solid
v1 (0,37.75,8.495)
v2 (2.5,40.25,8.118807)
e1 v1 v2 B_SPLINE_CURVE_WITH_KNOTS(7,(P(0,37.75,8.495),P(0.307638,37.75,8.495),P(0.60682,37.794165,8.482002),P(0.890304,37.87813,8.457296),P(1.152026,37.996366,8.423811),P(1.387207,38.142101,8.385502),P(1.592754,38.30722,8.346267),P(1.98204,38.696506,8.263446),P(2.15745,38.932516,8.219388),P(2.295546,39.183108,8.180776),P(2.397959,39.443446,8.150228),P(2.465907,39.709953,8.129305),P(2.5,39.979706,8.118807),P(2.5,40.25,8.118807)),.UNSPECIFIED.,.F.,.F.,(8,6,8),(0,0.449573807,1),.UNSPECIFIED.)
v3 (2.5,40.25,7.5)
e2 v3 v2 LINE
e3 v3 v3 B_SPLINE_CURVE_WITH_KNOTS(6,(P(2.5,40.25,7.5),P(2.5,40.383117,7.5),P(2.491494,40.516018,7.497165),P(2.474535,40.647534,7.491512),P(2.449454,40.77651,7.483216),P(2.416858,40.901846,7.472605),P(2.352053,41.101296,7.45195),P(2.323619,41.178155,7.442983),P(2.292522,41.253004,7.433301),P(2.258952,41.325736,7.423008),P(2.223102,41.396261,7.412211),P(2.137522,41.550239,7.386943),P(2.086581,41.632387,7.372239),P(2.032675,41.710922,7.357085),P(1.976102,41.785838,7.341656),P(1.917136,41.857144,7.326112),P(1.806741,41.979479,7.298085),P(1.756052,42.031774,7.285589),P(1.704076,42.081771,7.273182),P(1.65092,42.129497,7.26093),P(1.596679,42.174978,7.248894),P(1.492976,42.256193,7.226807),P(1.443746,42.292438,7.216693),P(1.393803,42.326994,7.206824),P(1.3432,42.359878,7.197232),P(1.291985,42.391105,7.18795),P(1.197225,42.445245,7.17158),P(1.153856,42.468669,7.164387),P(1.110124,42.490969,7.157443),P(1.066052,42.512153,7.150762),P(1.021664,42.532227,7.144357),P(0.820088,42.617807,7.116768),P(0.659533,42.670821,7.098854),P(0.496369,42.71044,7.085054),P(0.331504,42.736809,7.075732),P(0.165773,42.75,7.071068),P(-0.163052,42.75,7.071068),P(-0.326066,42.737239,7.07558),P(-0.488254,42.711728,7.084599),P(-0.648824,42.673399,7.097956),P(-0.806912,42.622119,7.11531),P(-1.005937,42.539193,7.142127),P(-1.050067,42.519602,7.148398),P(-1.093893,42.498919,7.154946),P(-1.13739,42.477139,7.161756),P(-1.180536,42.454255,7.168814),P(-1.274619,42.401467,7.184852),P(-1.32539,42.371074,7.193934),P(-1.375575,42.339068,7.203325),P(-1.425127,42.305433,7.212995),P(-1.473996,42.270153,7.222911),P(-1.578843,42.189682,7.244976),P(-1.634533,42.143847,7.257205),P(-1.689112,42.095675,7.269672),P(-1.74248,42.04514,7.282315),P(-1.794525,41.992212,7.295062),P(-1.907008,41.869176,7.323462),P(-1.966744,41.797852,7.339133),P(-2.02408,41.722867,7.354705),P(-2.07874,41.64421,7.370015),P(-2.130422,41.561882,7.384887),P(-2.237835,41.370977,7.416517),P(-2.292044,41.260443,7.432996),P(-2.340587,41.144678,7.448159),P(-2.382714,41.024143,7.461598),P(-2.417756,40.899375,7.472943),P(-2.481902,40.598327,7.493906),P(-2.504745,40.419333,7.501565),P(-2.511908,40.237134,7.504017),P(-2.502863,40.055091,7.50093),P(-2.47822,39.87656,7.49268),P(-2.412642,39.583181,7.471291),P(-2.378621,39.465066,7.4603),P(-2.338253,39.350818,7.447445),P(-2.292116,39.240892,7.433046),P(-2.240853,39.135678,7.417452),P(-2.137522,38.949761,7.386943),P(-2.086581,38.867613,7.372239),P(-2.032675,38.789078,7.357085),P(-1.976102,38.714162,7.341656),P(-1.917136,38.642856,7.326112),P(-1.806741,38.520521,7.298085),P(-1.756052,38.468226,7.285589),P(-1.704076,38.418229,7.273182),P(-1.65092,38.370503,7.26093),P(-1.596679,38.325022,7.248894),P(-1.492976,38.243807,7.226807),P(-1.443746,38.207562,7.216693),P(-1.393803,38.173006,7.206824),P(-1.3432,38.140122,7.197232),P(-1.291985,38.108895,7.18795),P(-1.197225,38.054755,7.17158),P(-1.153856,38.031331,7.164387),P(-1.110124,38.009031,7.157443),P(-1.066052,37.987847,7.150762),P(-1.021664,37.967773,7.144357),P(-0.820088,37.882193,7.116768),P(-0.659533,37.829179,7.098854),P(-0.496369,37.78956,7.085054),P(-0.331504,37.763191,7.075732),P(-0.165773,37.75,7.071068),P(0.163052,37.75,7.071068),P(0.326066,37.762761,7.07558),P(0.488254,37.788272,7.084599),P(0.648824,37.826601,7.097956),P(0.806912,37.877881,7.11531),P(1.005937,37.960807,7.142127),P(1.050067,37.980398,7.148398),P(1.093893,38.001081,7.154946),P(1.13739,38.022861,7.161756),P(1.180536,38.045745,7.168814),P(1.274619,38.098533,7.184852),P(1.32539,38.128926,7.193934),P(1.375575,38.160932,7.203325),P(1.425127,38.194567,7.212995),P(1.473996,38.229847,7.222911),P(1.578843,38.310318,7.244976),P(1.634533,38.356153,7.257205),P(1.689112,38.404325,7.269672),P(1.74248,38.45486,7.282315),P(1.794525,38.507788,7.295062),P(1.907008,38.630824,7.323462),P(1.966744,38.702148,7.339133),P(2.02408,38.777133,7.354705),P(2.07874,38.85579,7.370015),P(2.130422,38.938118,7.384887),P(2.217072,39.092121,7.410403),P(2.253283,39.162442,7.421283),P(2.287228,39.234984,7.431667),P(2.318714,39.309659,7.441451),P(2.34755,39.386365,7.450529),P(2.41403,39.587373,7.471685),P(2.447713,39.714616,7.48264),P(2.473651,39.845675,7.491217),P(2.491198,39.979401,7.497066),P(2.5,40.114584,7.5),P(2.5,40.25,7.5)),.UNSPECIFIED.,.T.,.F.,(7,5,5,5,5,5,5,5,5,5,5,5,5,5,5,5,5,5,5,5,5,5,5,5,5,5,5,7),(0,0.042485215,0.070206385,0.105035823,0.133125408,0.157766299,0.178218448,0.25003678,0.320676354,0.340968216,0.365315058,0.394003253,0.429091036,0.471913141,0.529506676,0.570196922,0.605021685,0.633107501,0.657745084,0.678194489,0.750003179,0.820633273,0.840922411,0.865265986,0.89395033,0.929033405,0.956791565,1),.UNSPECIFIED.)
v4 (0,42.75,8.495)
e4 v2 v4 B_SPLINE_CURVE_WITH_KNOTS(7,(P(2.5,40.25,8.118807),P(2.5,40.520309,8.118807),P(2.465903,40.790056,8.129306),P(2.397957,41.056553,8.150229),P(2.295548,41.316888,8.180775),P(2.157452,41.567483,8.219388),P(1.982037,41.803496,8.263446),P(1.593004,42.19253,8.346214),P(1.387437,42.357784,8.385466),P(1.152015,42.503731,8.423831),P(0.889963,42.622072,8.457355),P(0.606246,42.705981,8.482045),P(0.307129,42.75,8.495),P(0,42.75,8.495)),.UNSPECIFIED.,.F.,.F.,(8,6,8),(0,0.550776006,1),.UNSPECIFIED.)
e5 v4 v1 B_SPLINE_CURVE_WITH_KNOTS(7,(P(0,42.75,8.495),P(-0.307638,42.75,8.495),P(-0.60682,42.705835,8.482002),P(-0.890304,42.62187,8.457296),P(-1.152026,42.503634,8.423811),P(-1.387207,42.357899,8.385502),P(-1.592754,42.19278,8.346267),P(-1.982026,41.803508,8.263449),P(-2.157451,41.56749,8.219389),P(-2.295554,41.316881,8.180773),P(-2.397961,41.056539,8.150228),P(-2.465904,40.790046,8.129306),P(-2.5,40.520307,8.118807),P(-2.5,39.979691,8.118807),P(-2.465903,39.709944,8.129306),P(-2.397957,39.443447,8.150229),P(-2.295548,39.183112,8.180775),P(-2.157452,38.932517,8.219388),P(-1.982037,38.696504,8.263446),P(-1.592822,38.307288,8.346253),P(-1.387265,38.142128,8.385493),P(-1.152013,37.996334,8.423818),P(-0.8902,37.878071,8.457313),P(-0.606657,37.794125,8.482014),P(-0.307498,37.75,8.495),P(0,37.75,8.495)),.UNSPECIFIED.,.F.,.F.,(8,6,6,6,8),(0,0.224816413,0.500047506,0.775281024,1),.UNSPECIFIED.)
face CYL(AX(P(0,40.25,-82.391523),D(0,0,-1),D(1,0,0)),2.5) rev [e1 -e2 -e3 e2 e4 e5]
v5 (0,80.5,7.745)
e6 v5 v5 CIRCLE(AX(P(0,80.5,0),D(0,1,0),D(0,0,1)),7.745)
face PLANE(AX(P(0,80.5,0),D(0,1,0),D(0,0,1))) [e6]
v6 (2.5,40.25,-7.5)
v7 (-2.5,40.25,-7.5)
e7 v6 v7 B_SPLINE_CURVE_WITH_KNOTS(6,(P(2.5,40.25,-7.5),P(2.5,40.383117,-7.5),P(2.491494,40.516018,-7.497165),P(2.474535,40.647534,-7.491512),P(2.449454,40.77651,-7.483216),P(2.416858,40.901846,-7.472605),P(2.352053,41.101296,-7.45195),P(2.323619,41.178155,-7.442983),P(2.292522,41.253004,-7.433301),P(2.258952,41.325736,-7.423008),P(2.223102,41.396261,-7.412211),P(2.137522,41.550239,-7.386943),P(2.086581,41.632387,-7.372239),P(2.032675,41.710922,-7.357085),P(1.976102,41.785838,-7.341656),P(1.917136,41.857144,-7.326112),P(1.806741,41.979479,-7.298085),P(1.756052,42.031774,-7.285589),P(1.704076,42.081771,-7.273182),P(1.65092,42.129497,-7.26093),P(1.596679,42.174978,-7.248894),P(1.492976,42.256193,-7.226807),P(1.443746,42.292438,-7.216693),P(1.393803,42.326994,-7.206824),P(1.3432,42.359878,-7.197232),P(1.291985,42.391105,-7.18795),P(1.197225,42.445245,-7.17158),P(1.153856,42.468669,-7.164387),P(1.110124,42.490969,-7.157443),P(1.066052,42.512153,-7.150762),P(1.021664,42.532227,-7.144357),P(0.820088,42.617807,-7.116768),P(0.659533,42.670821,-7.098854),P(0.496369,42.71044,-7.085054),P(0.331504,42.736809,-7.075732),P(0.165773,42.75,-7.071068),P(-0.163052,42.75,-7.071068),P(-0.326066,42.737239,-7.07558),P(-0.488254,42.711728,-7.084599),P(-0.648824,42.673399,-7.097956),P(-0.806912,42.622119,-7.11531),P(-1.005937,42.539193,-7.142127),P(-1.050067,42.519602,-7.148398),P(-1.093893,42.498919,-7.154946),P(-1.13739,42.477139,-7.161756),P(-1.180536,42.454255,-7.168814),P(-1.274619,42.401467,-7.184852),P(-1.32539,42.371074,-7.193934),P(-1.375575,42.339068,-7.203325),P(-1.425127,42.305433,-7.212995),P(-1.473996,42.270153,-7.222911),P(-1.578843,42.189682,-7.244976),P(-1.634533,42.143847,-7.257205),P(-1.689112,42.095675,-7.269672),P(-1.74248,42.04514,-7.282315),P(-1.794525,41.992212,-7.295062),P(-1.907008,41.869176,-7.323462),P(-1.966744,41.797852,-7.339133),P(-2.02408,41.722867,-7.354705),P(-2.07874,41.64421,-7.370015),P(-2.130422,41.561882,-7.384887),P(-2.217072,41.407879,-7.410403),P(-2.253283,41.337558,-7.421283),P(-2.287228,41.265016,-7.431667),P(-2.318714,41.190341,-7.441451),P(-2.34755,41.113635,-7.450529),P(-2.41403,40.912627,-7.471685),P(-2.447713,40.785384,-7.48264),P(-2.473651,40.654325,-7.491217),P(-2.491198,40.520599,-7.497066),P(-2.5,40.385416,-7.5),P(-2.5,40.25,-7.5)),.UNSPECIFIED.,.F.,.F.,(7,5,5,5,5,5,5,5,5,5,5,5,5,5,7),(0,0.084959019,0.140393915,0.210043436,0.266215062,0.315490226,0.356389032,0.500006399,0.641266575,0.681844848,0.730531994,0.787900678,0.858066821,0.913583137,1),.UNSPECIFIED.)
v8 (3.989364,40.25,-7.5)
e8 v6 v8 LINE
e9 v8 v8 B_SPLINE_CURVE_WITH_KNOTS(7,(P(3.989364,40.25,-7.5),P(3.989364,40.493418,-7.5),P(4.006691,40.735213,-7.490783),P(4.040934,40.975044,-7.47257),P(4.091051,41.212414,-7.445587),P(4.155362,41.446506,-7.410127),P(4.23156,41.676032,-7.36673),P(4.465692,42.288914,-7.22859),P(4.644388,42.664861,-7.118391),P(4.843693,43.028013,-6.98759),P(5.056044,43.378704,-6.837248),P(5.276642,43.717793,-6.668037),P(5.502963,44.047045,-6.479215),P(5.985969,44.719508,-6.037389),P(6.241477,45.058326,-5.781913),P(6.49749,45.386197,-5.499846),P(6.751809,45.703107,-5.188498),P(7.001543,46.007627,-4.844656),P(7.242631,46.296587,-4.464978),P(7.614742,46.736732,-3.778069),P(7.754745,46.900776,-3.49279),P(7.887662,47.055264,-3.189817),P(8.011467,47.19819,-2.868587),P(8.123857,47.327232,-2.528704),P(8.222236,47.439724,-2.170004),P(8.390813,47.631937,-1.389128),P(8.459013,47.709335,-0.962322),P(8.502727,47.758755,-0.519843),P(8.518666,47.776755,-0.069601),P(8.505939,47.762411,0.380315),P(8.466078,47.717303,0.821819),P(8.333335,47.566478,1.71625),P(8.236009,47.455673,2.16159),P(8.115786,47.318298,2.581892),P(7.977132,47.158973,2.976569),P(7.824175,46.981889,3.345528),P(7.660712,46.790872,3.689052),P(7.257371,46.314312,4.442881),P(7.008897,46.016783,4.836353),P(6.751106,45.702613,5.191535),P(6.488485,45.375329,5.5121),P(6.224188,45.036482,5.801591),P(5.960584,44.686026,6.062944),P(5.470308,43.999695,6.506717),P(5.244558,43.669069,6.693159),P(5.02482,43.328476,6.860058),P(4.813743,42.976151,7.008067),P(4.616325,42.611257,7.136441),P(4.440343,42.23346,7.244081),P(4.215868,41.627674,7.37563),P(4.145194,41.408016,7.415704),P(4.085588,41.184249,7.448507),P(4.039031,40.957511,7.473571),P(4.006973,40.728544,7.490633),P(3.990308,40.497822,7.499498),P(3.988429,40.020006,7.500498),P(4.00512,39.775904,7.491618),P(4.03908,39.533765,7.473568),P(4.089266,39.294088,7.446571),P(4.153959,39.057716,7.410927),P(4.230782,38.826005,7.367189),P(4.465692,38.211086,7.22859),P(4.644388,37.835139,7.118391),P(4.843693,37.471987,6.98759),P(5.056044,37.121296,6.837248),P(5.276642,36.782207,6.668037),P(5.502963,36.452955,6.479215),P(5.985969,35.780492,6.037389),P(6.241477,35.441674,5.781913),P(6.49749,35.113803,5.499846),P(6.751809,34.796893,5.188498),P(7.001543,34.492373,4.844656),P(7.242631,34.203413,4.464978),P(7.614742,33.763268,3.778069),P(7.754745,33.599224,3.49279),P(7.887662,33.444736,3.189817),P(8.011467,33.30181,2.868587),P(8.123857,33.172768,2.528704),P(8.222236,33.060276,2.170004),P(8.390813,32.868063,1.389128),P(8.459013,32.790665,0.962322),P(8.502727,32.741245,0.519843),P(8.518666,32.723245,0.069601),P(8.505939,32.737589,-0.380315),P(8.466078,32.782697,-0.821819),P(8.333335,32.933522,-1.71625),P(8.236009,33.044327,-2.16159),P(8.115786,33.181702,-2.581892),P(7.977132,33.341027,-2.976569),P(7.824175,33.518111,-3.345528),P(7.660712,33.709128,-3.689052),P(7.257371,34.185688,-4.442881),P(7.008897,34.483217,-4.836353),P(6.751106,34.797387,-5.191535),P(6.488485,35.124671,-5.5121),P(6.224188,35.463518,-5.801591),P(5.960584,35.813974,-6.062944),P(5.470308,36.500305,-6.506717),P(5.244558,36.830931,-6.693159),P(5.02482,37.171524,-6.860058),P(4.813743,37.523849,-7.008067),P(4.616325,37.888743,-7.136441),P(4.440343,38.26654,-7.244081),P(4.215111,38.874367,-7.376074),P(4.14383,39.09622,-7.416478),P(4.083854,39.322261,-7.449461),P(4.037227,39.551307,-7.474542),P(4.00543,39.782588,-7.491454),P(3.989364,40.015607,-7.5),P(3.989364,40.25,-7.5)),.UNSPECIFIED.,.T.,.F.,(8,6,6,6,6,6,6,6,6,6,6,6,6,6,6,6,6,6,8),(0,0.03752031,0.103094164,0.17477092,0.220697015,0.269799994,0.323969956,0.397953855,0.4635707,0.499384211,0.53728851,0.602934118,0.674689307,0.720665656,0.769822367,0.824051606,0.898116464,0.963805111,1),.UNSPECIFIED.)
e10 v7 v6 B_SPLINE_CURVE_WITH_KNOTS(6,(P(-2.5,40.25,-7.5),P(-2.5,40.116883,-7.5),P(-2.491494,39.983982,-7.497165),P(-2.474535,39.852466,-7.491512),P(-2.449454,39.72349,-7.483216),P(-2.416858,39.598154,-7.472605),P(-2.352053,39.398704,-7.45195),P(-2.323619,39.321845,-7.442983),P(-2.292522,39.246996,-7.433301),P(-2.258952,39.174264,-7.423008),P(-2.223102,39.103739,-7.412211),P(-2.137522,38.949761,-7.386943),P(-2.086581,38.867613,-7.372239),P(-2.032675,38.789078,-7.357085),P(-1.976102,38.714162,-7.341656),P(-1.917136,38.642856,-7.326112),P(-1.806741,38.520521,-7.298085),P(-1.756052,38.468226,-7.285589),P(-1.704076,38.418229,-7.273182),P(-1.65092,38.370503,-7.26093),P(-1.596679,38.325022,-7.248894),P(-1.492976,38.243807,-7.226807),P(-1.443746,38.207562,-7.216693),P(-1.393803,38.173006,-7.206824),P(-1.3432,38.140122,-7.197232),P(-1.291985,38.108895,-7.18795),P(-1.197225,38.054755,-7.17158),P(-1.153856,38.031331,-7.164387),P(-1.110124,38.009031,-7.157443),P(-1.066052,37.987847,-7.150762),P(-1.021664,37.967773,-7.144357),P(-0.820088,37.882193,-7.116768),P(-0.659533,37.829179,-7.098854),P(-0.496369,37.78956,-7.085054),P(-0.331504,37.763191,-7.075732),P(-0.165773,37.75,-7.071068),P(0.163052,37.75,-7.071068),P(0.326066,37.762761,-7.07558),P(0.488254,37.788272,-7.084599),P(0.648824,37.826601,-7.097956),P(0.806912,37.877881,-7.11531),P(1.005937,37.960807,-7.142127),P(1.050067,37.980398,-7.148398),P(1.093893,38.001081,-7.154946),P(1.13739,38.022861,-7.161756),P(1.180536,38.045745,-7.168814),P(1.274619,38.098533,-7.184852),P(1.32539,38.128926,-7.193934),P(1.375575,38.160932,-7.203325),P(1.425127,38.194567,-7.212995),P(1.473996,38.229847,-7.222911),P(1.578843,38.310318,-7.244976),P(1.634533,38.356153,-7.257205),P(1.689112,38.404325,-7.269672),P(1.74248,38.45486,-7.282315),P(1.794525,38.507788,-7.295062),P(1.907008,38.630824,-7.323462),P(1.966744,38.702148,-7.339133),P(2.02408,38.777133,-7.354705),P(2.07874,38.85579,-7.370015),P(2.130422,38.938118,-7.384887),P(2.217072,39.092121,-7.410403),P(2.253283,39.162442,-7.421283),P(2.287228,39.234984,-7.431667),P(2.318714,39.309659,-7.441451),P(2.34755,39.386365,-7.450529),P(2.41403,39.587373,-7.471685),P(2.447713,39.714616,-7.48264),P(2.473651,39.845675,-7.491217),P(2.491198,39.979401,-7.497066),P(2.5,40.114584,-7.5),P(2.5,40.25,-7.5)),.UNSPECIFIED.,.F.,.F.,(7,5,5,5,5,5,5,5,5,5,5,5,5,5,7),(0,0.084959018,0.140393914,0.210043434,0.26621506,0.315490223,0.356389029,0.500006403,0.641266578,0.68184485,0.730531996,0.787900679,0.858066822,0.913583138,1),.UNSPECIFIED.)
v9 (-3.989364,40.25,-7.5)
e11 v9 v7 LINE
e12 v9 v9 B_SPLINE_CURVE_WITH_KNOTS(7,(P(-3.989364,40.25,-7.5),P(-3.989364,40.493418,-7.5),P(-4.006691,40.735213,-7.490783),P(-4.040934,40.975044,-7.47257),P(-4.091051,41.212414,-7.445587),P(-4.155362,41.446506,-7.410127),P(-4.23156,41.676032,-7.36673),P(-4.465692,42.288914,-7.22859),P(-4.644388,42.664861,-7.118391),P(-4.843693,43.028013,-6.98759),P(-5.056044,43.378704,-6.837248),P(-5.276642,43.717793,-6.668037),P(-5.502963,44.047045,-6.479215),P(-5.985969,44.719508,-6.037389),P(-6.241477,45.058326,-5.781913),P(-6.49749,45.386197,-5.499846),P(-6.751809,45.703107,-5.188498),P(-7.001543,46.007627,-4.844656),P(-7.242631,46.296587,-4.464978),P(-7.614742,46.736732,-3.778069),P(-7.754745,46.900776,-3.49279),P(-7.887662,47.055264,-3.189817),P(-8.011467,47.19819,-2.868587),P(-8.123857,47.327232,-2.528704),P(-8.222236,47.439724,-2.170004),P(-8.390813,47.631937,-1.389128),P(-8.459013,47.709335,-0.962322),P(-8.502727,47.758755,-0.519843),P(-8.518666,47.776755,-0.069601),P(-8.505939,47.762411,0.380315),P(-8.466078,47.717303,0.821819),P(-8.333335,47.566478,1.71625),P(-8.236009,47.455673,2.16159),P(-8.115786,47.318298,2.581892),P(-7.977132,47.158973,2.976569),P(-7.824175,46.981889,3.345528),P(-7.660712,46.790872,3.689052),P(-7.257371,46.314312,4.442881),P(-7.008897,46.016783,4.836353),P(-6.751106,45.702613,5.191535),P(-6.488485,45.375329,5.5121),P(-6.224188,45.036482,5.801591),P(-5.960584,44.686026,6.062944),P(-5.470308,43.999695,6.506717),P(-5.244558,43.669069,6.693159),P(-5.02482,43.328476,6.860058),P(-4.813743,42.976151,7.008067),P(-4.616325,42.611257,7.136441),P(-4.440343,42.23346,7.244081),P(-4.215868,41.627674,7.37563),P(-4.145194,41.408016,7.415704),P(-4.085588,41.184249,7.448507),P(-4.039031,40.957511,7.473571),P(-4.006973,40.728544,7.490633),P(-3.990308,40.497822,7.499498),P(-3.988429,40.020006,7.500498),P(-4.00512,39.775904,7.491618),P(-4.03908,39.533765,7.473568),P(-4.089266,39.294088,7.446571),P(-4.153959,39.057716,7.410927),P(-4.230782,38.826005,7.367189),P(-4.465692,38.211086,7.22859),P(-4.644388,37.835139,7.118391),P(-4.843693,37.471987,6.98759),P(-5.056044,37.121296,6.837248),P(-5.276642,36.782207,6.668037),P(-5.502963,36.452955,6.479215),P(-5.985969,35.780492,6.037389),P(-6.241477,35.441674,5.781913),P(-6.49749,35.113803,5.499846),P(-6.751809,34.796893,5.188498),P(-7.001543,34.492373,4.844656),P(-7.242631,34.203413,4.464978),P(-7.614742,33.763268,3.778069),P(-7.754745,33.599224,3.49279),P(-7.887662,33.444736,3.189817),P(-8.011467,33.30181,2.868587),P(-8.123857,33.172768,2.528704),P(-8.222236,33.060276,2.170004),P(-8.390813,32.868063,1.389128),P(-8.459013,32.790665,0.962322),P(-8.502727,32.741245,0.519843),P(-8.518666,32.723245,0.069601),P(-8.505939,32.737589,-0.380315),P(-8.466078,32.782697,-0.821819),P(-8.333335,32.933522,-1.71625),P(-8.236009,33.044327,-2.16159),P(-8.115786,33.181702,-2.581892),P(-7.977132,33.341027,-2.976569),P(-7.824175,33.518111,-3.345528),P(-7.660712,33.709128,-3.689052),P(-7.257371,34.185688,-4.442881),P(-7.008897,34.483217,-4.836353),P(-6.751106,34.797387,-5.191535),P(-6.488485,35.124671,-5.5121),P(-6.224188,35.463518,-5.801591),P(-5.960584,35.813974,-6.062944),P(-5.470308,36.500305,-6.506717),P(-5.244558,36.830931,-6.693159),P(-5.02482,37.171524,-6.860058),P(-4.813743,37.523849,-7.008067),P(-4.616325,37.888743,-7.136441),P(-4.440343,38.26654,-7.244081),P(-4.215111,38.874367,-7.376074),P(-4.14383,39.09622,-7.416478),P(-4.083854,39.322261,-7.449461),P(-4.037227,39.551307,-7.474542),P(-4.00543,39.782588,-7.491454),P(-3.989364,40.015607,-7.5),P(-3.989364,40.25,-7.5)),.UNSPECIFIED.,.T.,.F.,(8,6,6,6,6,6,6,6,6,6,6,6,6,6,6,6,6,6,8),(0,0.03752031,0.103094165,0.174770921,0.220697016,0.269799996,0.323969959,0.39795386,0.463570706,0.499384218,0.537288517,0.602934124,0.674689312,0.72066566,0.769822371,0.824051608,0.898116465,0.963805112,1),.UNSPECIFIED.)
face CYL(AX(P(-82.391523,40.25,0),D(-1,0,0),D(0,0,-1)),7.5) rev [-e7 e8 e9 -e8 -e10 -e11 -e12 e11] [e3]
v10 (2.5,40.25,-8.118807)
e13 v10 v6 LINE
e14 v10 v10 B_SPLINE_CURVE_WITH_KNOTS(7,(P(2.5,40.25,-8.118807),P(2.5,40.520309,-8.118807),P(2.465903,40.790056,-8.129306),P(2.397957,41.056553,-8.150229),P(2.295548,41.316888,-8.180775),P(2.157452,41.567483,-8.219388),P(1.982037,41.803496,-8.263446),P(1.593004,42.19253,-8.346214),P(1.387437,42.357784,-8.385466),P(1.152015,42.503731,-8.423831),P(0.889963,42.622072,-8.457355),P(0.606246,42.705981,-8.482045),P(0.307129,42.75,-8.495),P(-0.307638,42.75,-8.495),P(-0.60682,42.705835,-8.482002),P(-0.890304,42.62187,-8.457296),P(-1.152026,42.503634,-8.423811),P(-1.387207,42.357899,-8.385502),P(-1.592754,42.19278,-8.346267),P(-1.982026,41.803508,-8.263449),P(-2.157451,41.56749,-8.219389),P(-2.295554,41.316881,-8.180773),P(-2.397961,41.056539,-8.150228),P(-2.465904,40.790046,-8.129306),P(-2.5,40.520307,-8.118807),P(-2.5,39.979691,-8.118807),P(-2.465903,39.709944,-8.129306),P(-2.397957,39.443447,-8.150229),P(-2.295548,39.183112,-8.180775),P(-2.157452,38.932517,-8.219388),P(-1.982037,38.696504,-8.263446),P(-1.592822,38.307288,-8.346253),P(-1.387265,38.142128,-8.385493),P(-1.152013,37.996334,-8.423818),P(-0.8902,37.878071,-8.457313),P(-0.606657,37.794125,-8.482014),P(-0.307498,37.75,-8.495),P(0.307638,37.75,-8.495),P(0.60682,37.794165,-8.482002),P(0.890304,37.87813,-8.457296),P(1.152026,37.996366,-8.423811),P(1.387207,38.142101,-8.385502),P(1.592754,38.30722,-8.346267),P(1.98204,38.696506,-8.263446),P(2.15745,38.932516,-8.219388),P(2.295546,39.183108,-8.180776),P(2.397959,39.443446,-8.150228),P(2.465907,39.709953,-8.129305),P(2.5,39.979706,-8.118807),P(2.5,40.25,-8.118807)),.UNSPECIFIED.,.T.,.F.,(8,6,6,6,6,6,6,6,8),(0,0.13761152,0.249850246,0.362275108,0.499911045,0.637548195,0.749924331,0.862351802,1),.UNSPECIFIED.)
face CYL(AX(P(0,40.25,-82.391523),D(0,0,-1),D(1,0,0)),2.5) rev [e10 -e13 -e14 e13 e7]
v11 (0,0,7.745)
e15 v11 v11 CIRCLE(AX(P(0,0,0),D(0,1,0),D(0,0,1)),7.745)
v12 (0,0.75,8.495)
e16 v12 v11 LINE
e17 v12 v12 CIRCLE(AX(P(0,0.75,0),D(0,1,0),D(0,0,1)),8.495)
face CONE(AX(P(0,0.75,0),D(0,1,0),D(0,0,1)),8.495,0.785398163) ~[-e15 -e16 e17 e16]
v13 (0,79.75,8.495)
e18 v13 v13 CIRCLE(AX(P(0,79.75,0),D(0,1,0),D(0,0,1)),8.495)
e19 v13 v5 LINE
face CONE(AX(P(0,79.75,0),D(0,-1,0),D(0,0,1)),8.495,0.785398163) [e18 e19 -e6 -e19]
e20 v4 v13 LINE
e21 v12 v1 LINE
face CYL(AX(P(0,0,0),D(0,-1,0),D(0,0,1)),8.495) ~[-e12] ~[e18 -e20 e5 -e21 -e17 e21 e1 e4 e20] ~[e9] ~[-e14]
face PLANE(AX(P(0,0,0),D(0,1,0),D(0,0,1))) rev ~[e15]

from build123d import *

# Parameters (mm, degrees)
SKETCH1_R               = 8.495
BOSS_EXTRUDE1_DEPTH     = 80.5
CHAMFER1_SIZE           = 0.75
CUT_EXTRUDE1_DEPTH      = 82.391523207
CUT_EXTRUDE1_DEPTH_BACK = 82.391523207
SKETCH2_R               = 7.5
CUT_EXTRUDE2_DEPTH      = 82.391523228
CUT_EXTRUDE2_DEPTH_BACK = 82.391523228
SKETCH3_R               = 2.5


with BuildPart() as part:
    # Sketch1 → Boss-Extrude1 (new body)
    with BuildSketch(Plane(origin=(0, 0, 0), x_dir=(1, 0, 0), z_dir=(0, 1, 0))):
        with Locations(Location((0, 0, 0), (0, 0, 270))):
            Circle(SKETCH1_R)
    extrude(amount=BOSS_EXTRUDE1_DEPTH)

    # Chamfer1
    chamfer1_edges = [part.edges().sort_by_distance(p)[0] for p in [
        (0, 0, -8.495),
        (0, 80.5, -8.495),
    ]]
    chamfer(chamfer1_edges, length=CHAMFER1_SIZE)

    # Sketch2 → Cut-Extrude1 (cut, two sides: drawn at the far end of the back side and taken through both)
    with BuildSketch(Plane(origin=(0, 0, 0), x_dir=(0, 0, -1), z_dir=(1, 0, 0)).offset(-CUT_EXTRUDE1_DEPTH_BACK)):
        with Locations((0, 40.25)):
            Circle(SKETCH2_R)
    extrude(amount=CUT_EXTRUDE1_DEPTH + CUT_EXTRUDE1_DEPTH_BACK, mode=Mode.SUBTRACT)

    # Sketch3 → Cut-Extrude2 (cut, two sides: drawn at the far end of the back side and taken through both)
    with BuildSketch(Plane.XY.offset(-CUT_EXTRUDE2_DEPTH_BACK)):
        with Locations((0, 40.25)):
            Circle(SKETCH3_R)
    extrude(amount=CUT_EXTRUDE2_DEPTH + CUT_EXTRUDE2_DEPTH_BACK, mode=Mode.SUBTRACT)


solid = part.part
